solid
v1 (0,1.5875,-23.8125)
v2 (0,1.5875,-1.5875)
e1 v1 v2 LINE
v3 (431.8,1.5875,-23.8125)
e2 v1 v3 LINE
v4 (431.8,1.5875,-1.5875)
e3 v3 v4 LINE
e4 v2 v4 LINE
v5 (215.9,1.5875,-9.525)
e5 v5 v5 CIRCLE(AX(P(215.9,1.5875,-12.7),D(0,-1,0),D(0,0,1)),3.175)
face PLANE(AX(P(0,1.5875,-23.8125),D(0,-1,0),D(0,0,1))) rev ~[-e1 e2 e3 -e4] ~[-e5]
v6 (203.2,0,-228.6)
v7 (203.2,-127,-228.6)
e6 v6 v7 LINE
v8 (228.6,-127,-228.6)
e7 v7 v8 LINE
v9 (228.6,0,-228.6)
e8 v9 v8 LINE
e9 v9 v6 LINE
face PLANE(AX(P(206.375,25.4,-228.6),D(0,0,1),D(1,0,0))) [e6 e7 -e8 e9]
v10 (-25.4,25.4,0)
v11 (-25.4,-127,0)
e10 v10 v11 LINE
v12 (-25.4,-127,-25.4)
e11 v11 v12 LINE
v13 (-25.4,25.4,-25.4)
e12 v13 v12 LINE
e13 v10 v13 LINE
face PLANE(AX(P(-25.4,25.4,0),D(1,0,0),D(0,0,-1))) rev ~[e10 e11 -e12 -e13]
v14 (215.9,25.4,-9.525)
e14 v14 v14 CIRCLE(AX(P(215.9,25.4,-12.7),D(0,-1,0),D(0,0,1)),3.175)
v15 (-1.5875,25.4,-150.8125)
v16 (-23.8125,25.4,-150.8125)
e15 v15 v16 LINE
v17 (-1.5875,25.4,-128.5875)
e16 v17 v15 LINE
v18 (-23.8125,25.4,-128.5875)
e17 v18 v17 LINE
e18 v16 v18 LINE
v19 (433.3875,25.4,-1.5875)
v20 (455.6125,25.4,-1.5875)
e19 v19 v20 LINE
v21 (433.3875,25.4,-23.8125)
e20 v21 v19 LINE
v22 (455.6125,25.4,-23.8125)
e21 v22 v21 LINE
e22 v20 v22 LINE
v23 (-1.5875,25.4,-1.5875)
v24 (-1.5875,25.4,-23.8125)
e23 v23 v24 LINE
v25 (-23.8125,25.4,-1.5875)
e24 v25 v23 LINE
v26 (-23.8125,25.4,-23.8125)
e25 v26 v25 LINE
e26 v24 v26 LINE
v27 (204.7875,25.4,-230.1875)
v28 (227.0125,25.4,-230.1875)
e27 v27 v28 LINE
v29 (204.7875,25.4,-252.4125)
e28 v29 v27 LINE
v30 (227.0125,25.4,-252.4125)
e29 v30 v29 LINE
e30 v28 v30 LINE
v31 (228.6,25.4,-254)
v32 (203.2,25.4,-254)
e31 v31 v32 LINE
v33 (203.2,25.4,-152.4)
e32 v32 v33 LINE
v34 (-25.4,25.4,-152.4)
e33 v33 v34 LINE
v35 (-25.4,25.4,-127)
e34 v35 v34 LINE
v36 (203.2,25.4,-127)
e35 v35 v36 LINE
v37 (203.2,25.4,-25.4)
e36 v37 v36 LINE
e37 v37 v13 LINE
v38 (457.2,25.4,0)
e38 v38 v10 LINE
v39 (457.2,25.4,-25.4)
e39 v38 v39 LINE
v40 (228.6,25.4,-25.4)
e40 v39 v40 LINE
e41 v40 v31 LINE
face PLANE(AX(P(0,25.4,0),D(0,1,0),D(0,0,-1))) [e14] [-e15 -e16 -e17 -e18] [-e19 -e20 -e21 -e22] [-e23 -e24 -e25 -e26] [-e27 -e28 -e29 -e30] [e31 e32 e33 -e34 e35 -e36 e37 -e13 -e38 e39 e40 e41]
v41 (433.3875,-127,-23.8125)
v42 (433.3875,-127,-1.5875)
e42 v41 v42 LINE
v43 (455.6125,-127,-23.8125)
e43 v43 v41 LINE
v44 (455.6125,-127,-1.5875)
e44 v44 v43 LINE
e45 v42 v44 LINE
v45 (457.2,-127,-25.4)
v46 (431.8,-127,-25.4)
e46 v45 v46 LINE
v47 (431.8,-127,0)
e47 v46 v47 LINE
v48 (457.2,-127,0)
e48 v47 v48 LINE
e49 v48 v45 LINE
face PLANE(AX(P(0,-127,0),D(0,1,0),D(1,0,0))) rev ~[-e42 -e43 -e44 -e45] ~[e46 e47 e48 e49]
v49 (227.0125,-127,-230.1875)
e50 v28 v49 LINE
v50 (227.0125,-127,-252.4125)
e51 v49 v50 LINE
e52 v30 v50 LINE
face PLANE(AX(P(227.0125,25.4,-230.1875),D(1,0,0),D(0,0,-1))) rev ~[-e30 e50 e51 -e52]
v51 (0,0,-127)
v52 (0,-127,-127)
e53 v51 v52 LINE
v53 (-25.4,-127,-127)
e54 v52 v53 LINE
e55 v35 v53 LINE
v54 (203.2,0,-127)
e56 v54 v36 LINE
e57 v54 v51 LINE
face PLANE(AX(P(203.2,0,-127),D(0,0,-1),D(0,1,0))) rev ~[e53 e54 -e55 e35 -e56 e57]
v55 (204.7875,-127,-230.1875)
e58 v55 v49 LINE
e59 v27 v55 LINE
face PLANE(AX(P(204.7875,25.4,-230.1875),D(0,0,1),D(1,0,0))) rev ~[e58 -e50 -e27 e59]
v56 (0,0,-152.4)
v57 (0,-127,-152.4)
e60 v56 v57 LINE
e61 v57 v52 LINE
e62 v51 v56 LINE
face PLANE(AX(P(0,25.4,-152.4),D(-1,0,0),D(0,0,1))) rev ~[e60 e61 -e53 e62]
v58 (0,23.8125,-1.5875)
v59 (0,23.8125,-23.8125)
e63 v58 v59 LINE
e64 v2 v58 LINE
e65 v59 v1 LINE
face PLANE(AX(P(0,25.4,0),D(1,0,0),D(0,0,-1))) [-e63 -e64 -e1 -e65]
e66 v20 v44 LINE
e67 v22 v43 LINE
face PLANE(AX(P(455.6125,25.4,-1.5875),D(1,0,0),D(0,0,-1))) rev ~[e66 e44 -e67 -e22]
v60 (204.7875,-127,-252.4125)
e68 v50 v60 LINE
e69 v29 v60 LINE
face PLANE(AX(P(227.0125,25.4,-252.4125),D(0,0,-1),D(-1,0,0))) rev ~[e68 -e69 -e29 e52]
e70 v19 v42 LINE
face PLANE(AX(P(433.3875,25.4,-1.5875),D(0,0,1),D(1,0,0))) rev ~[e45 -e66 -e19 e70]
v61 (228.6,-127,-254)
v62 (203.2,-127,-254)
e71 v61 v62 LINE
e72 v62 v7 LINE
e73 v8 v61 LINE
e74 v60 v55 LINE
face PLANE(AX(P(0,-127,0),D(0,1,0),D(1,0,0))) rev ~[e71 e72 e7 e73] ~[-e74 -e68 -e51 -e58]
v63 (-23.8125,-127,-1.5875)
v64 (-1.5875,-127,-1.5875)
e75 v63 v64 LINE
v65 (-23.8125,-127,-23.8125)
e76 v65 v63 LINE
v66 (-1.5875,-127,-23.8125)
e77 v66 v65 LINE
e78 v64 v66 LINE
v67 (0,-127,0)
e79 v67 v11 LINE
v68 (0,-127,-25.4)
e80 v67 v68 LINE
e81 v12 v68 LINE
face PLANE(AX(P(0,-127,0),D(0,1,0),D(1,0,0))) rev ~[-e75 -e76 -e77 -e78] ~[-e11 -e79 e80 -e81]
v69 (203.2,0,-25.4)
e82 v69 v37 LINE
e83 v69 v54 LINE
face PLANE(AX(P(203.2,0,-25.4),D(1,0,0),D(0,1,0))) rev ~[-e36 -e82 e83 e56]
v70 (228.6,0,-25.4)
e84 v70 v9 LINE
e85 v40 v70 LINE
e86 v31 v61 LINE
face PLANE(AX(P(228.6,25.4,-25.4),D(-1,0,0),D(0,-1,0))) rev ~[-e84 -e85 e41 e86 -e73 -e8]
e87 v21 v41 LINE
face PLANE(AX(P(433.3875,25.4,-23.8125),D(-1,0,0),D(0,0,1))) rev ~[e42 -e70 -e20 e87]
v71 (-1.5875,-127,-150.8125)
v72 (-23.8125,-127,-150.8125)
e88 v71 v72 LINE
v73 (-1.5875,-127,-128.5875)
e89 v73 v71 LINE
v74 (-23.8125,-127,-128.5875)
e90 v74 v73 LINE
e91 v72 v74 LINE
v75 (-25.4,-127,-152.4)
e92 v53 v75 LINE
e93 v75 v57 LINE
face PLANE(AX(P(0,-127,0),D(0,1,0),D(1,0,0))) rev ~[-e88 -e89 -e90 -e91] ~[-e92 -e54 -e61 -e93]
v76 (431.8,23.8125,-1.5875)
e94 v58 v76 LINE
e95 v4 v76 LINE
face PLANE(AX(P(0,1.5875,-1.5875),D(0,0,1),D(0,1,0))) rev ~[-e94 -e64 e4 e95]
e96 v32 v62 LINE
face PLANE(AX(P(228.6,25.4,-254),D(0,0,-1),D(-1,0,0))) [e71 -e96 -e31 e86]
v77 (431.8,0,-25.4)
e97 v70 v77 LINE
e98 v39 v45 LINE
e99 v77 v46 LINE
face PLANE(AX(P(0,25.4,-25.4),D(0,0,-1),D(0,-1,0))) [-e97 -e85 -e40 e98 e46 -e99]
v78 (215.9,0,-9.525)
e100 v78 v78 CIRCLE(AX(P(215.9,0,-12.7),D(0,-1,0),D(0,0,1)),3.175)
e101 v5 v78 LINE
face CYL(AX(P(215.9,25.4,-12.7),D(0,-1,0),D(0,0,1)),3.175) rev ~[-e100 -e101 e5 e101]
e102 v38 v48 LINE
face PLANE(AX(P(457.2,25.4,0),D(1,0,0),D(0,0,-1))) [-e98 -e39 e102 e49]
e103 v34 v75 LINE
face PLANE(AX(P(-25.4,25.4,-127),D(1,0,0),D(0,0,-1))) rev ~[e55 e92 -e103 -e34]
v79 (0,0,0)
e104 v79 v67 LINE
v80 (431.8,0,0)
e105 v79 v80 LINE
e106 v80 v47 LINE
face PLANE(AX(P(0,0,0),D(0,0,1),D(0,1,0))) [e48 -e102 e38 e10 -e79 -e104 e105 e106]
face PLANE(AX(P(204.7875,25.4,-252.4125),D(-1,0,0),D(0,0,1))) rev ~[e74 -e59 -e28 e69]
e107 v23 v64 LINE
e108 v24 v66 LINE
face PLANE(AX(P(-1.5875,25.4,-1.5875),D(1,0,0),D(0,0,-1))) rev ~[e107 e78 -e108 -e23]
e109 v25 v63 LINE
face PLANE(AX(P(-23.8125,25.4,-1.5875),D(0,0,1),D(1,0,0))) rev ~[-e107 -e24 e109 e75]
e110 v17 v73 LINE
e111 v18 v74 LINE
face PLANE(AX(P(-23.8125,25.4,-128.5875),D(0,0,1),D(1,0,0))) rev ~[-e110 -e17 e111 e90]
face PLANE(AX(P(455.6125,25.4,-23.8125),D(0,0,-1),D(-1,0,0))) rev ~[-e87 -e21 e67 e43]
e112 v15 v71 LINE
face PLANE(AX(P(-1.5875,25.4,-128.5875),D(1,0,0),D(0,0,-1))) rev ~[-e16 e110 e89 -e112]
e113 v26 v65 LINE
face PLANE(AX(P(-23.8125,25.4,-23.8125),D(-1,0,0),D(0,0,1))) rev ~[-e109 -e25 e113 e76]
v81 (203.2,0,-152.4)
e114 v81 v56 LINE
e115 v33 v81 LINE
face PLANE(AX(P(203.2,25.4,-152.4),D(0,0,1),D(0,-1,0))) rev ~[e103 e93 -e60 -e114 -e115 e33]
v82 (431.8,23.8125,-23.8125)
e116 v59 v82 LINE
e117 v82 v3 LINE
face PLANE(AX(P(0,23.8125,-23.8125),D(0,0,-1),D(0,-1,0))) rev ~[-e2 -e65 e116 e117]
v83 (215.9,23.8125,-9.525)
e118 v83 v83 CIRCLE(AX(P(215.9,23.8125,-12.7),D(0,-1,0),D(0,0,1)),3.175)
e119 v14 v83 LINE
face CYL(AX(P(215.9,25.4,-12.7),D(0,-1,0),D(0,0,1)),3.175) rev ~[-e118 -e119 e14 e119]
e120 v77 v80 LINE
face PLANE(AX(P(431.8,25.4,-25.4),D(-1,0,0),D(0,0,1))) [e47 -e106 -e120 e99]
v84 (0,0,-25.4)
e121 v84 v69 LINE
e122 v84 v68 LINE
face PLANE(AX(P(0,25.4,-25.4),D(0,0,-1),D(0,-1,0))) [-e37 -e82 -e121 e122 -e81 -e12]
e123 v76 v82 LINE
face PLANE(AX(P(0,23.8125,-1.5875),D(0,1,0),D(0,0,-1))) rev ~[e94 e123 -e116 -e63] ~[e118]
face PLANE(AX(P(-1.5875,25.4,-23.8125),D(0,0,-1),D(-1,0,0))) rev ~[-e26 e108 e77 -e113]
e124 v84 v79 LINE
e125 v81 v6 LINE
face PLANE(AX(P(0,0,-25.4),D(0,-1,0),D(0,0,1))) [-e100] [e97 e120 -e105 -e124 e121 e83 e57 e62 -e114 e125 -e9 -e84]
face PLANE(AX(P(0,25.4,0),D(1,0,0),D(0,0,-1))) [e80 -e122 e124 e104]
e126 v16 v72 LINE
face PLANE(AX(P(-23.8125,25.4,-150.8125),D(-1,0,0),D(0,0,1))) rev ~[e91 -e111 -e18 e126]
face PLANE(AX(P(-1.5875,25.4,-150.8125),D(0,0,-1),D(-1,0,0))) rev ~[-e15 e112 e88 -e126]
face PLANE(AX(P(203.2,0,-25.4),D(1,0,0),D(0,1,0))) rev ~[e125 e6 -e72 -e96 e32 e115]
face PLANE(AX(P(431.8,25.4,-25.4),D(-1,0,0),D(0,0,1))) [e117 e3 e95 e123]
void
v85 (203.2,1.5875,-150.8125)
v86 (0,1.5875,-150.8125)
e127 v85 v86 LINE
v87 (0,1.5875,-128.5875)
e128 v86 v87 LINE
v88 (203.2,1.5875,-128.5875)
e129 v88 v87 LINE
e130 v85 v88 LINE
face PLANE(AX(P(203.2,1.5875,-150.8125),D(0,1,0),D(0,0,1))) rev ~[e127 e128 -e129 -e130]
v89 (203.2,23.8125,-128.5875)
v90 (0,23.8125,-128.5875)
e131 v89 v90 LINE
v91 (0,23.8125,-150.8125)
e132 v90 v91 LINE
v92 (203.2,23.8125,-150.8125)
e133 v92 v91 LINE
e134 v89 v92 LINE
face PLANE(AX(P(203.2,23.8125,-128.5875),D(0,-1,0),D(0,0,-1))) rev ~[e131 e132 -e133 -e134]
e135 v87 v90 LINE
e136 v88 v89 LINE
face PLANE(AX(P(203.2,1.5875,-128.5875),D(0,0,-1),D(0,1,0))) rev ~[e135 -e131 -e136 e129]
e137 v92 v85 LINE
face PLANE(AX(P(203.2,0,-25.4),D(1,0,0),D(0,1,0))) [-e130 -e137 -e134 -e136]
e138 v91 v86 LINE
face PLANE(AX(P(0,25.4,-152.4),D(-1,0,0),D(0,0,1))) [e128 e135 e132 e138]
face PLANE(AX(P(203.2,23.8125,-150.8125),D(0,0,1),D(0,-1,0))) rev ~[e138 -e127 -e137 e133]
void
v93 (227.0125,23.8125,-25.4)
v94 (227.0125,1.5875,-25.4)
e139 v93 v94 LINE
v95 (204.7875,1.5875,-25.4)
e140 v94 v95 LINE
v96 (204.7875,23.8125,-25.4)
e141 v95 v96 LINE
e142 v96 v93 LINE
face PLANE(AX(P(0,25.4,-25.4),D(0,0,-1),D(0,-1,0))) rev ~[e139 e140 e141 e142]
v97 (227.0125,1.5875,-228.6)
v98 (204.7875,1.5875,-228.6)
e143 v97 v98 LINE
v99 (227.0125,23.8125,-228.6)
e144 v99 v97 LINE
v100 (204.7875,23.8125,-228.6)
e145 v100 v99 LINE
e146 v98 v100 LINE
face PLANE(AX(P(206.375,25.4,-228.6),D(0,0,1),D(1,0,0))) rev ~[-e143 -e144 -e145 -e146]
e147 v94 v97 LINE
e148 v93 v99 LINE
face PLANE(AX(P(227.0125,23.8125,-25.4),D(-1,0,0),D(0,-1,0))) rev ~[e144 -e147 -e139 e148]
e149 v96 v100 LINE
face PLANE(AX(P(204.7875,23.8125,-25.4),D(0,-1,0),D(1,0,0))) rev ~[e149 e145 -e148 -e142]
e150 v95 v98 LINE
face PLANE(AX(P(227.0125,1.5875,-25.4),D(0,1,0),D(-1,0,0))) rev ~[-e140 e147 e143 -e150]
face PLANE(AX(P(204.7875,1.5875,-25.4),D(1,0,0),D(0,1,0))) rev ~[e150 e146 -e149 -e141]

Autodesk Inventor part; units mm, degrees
ref_plane "YZ Plane" through (0, 0, 0) normal (1, 0, 0) x (0, 1, 0)
ref_plane "XZ Plane" through (0, 0, 0) normal (0, 1, 0) x (-1, 0, 0)
ref_plane "XY Plane" through (0, 0, 0) normal (0, 0, 1) x (1, 0, 0)
sketch "Sketch1" plane through (0, 0, 0) normal (1, 0, 0) x (0, 1, 0)
  line L0 (0, 0) -> (25.4, 0)
  line L1 (25.4, 0) -> (25.4, -25.4)
  line L2 (25.4, -25.4) -> (0, -25.4)
  line L3 (0, -25.4) -> (0, 0)
  line L4 (1.5875, -1.5875) -> (23.8125, -1.5875)
  line L5 (23.8125, -1.5875) -> (23.8125, -23.8125)
  line L6 (23.8125, -23.8125) -> (1.5875, -23.8125)
  line L7 (1.5875, -23.8125) -> (1.5875, -1.5875)
  dimension "d0" = 25.4
  dimension "d1" = 1.5875
  dimension "d2" = 1.5875
  dimension "d3" = 1.5875
  dimension "d4" = 1.5875
extrude "Extrusion1" add sketch "Sketch1" along normal blind 431.8
sketch "Sketch2" plane through (0, 0, -25.4) normal (0, 0, -1) x (-1, 0, 0)
  line L0 (0, 25.4) -> (0, 0) projected
  line L1 (0, 25.4) -> (-431.8, 25.4) projected
  line L2 (0, 0) -> (-431.8, 0) construction
  line L3 (-228.6, 0) -> (-203.2, 0)
  line L4 (-203.2, 0) -> (-203.2, 25.4)
  line L5 (-203.2, 25.4) -> (-228.6, 25.4)
  line L6 (-228.6, 25.4) -> (-228.6, 0)
  line L7 (-215.9, 25.4) -> (-215.9, 0) construction
  line L8 (-227.0125, 1.5875) -> (-204.7875, 1.5875)
  line L9 (-204.7875, 1.5875) -> (-204.7875, 23.8125)
  line L10 (-204.7875, 23.8125) -> (-227.0125, 23.8125)
  line L11 (-227.0125, 23.8125) -> (-227.0125, 1.5875)
  line L12 (-227.0125, 1.5875) -> (-204.7875, 23.8125) construction
  line L13 (-204.7875, 1.5875) -> (-227.0125, 23.8125) construction
  point P0 (-215.9, 12.7)
  dimension "d7" = 25.4
  dimension "d9" = 12.7
  dimension "d10" = 215.9
  dimension "d11" = 1.5875
  dimension "d12" = 1.5875
  dimension "d13" = 1.5875
  dimension "d14" = 1.5875
extrude "Extrusion2" add sketch "Sketch2" along normal blind 203.2
sketch "Sketch3" plane through (203.2, 0, -25.4) normal (-1, 0, 0) x (0, 0, 1)
  line L0 (0, 25.4) -> (0, 0) projected
  line L1 (0, 25.4) -> (-203.2, 25.4) projected
  line L2 (0, 0) -> (-203.2, 0) projected
  line L3 (-127, 0) -> (-101.6, 0)
  line L4 (-101.6, 0) -> (-101.6, 25.4)
  line L5 (-101.6, 25.4) -> (-127, 25.4)
  line L6 (-127, 25.4) -> (-127, 0)
  line L7 (-114.3, 25.4) -> (-114.3, 0) construction
  line L8 (-125.4125, 1.5875) -> (-103.1875, 1.5875)
  line L9 (-103.1875, 1.5875) -> (-103.1875, 23.8125)
  line L10 (-103.1875, 23.8125) -> (-125.4125, 23.8125)
  line L11 (-125.4125, 23.8125) -> (-125.4125, 1.5875)
  point P0 (25.4, 0)
  dimension "d17" = 25.4
  dimension "d19" = 12.7
  dimension "d20" = 114.3
  dimension "d21" = 1.5875
  dimension "d22" = 1.5875
  dimension "d23" = 1.5875
  dimension "d24" = 1.5875
extrude "Extrusion3" add sketch "Sketch3" along normal blind 203.2 contours L4 L2 L6 L1
sketch "Sketch4" plane through (0, 25.4, 0) normal (0, 1, 0) x (1, 0, 0)
  line L0 (0, 0) -> (0, 25.4) projected
  line L1 (431.8, 25.4) -> (431.8, 0) projected
  line L2 (203.2, 228.6) -> (228.6, 228.6) projected
  line L3 (0, 127) -> (-25.4, 127)
  line L4 (-25.4, 127) -> (-25.4, 152.4)
  line L5 (-25.4, 152.4) -> (0, 152.4)
  line L6 (0, 152.4) -> (0, 127)
  line L7 (0, 0) -> (-25.4, 0)
  line L8 (-25.4, 0) -> (-25.4, 25.4)
  line L9 (-25.4, 25.4) -> (0, 25.4)
  line L10 (0, 25.4) -> (0, 0)
  line L11 (431.8, 0) -> (457.2, 0)
  line L12 (457.2, 0) -> (457.2, 25.4)
  line L13 (457.2, 25.4) -> (431.8, 25.4)
  line L14 (431.8, 25.4) -> (431.8, 0)
  line L15 (203.2, 228.6) -> (206.375, 228.6)
  line L16 (-23.8125, 128.5875) -> (-1.5875, 128.5875)
  line L17 (-1.5875, 128.5875) -> (-1.5875, 150.8125)
  line L18 (-1.5875, 150.8125) -> (-23.8125, 150.8125)
  line L19 (-23.8125, 150.8125) -> (-23.8125, 128.5875)
  line L20 (-23.8125, 1.5875) -> (-1.5875, 1.5875)
  line L21 (-1.5875, 1.5875) -> (-1.5875, 23.8125)
  line L22 (-1.5875, 23.8125) -> (-23.8125, 23.8125)
  line L23 (-23.8125, 23.8125) -> (-23.8125, 1.5875)
  line L24 (204.7875, 234.8076) -> (204.7875, 234.8076)
  line L25 (433.3875, 1.5875) -> (455.6125, 1.5875)
  line L26 (455.6125, 1.5875) -> (455.6125, 23.8125)
  line L27 (455.6125, 23.8125) -> (433.3875, 23.8125)
  line L28 (433.3875, 23.8125) -> (433.3875, 1.5875)
  line L29 (203.2, 228.6) -> (228.6, 228.6)
  line L30 (228.6, 228.6) -> (228.6, 254)
  line L31 (228.6, 254) -> (203.2, 254)
  line L32 (203.2, 254) -> (203.2, 228.6)
  line L33 (204.7875, 230.1875) -> (227.0125, 230.1875)
  line L34 (227.0125, 230.1875) -> (227.0125, 252.4125)
  line L35 (227.0125, 252.4125) -> (204.7875, 252.4125)
  line L36 (204.7875, 252.4125) -> (204.7875, 230.1875)
  dimension "d27" = 25.4
  dimension "d28" = 25.4
  dimension "d29" = 25.4
  dimension "d33" = 25.4
  dimension "d34" = 25.4
  dimension "d35" = 1.5875
  dimension "d36" = 1.5875
  dimension "d37" = 1.5875
  dimension "d39" = 1.5875
  dimension "d40" = 1.5875
  dimension "d41" = 1.5875
  dimension "d42" = 1.5875
  dimension "d43" = 1.5875
  dimension "d44" = 1.5875
  dimension "d45" = 1.5875
  dimension "d46" = 1.5875
  dimension "d47" = 1.5875
  dimension "d48" = 1.5875
  dimension "d49" = 1.5875
  dimension "d50" = 1.5875
  dimension "d51" = 1.5875
extrude "Extrusion4" add sketch "Sketch4" against normal blind 152.4
sketch "Sketch5" plane through (203.2, 25.4, -25.4) normal (0, 1, 0) x (1, 0, 0)
  line L0 (-228.6, -25.4) -> (254, -25.4) projected
  line L1 (228.6, -23.8125) -> (228.6, -1.5875) projected
  point P0 (-203.2, -25.4)
  point P1 (12.7, -12.7)
  dimension "d54" = 12.7
  dimension "d55" = 215.9
hole "Hole1" at (215.9, 25.4, -12.7) direction (0, -1, 0) diameter 6.35 depth 25.4 tip angle 118
properties part number "TopSupportV3"
